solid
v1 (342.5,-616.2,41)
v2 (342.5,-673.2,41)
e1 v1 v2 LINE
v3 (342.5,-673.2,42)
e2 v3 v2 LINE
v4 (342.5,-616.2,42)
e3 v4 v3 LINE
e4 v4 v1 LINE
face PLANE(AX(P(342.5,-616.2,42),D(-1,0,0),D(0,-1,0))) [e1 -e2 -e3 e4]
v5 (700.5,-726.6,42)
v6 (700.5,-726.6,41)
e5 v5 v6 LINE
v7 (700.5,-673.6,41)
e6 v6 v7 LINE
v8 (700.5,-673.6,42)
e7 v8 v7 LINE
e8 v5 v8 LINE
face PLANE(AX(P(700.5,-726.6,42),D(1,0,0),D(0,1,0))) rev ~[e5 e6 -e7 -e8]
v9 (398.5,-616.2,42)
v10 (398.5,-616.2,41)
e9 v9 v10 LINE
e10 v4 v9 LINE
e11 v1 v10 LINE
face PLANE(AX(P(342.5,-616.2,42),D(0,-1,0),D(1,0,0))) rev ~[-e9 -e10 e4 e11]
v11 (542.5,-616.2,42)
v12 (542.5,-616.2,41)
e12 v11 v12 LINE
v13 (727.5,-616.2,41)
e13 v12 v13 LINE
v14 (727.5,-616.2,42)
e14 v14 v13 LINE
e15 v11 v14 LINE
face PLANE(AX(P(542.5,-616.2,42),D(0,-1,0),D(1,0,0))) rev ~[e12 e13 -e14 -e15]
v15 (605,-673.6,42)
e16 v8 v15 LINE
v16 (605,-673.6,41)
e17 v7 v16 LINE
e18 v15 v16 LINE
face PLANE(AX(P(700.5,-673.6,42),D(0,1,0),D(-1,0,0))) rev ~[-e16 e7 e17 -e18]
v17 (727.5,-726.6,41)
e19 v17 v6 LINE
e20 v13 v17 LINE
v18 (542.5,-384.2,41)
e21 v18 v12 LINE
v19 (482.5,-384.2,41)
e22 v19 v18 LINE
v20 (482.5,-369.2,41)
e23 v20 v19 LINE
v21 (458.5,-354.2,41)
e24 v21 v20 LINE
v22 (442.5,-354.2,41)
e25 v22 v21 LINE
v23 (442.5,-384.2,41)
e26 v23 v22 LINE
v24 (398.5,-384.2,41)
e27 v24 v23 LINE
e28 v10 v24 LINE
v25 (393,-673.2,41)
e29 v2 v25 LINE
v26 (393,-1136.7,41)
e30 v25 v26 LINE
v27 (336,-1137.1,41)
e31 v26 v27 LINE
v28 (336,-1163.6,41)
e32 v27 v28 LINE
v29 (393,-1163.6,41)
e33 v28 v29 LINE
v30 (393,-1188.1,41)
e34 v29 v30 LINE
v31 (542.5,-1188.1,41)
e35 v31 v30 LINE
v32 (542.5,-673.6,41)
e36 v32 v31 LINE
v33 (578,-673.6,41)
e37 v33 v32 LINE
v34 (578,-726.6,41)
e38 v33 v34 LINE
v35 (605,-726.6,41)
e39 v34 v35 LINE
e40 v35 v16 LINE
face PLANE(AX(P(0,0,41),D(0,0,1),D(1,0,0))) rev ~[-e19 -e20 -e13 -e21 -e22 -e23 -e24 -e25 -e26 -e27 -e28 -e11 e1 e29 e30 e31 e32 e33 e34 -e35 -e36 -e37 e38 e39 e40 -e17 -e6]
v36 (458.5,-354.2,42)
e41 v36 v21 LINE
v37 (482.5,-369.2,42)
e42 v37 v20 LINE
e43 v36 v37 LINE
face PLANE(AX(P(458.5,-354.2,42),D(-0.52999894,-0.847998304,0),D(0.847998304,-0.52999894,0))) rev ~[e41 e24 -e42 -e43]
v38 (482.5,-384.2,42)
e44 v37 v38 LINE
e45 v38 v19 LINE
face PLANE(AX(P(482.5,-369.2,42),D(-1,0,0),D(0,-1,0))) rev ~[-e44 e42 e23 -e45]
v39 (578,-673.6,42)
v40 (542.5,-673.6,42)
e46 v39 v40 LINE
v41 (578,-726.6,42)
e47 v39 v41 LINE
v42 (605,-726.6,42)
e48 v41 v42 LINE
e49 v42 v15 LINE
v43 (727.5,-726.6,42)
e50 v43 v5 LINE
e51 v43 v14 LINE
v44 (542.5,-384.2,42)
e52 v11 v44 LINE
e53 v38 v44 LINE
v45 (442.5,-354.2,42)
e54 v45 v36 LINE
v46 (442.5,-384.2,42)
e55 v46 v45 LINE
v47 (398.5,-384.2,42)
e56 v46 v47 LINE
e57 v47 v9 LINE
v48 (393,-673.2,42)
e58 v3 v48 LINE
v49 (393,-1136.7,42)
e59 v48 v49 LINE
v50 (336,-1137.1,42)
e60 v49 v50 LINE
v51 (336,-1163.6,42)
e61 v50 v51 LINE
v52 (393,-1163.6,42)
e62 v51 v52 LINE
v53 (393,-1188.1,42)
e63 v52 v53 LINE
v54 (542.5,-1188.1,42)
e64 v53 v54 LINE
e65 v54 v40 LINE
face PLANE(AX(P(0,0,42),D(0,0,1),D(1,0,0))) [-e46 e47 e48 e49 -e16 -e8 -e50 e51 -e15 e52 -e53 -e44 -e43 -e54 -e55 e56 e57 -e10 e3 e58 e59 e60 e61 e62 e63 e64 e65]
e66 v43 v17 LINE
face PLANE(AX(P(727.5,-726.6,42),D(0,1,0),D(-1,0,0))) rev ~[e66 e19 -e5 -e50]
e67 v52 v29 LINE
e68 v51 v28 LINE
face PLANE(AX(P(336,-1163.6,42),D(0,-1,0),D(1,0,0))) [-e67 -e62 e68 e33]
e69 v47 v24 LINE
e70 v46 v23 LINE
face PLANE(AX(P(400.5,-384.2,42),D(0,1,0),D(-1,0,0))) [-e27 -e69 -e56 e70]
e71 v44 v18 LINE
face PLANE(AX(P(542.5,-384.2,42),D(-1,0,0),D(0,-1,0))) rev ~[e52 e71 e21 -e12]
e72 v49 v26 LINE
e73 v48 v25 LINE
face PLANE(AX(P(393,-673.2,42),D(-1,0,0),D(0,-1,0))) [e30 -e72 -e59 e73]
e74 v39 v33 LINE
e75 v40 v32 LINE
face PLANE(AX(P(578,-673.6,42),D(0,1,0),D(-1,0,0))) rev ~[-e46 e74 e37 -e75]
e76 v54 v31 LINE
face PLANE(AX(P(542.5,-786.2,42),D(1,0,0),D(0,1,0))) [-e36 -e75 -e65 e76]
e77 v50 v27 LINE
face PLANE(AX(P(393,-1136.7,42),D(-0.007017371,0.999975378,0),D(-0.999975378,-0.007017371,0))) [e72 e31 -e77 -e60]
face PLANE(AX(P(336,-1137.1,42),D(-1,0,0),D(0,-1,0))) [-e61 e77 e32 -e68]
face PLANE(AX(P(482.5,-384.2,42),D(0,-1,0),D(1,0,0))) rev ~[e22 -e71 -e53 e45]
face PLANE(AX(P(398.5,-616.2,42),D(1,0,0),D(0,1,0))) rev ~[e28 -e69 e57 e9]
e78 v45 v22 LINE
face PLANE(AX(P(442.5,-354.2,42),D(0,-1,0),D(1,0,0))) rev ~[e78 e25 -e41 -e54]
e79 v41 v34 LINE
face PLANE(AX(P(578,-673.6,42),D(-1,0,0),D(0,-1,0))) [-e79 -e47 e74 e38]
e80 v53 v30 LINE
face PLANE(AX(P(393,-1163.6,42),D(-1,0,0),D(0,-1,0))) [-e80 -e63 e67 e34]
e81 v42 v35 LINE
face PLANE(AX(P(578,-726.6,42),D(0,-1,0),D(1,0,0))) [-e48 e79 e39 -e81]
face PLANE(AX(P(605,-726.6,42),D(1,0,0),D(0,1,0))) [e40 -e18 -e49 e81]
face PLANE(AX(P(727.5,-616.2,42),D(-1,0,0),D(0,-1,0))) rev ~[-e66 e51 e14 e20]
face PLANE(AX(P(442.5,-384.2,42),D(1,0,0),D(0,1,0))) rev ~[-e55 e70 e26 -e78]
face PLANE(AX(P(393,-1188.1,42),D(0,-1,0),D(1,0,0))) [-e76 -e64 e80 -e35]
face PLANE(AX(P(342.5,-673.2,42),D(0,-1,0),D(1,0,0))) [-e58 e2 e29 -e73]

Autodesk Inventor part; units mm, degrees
ref_plane "YZ Plane" through (0, 0, 0) normal (1, 0, 0) x (0, 1, 0)
ref_plane "XZ Plane" through (0, 0, 0) normal (0, 1, 0) x (-1, 0, 0)
ref_plane "工作平面1" through (0, 0, 42) normal (0, 0, 1) x (1, 0, 0)
sketch "草图1" plane through (0, 0, 42) normal (0, 0, 1) x (1, 0, 0)
  line L0 (0, 0) -> (60, 0)
  line L1 (60, 0) -> (60, -1169.8)
  line L2 (60, -1169.8) -> (0, -1169.8)
  line L3 (0, -1169.8) -> (0, 0)
  line L4 (0, -80.6) -> (60, -80.6)
  line L5 (0, -191.9) -> (60, -191.9)
  line L6 (0, -276.5) -> (60, -276.5)
  line L7 (0, -335.9) -> (60, -335.9)
  line L8 (0, -420.6) -> (60, -420.6)
  line L9 (0, -550.6) -> (60, -550.6)
  line L10 (0, -677.8) -> (60, -677.8)
  line L11 (0, -782.9) -> (60, -782.9)
  line L12 (0, -839.5) -> (60, -839.5)
  line L13 (0, -923.6) -> (60, -923.6)
  line L14 (0, -1007.7) -> (60, -1007.7)
  line L15 (0, -1091.2) -> (60, -1091.2)
  line L16 (60, 0) -> (118.4, 0)
  line L17 (118.4, 0) -> (118.4, -23.7)
  line L18 (118.4, -23.7) -> (83.4, -23.7)
  line L19 (83.4, -23.7) -> (83.4, -79.7)
  line L20 (83.4, -79.7) -> (118.4, -79.7)
  line L21 (118.4, -79.7) -> (118.4, -137.6)
  line L22 (118.4, -137.6) -> (83.4, -137.6)
  line L23 (83.4, -137.6) -> (83.4, -276.5)
  line L24 (83.4, -276.5) -> (142.9, -276.5)
  line L25 (142.9, -276.5) -> (142.9, -379.5)
  line L26 (83.4, -276.5) -> (83.4, -379.5)
  line L27 (83.4, -379.5) -> (142.9, -379.5)
  line L28 (142.9, -379.5) -> (142.9, -463)
  line L29 (142.9, -463) -> (83.4, -463)
  line L30 (83.4, -463) -> (83.4, -379.5)
  line L31 (142.9, -463) -> (142.9, -566.2)
  line L32 (142.9, -566.2) -> (83.4, -566.2)
  line L33 (83.4, -566.2) -> (83.4, -463)
  line L34 (142.9, -566.2) -> (146.7, -566.2)
  line L35 (146.7, -566.2) -> (146.7, -616.2)
  line L36 (146.7, -616.2) -> (192.5, -616.2)
  line L37 (192.5, -616.2) -> (192.5, -673.2)
  line L38 (192.5, -616.2) -> (342.5, -616.2)
  line L39 (342.5, -616.2) -> (342.5, -673.2)
  line L40 (342.5, -673.2) -> (143.4, -673.2)
  line L41 (143.4, -673.2) -> (83.4, -673.2)
  line L42 (83.4, -673.2) -> (83.4, -1092.3)
  line L43 (83.4, -1092.3) -> (143.4, -1092.3)
  line L44 (143.4, -1092.3) -> (143.4, -673.2)
  line L45 (83.4, -754.3) -> (143.4, -754.3)
  line L46 (143.4, -837.8) -> (83.4, -837.8)
  line L47 (83.4, -893.6) -> (143.4, -893.6)
  line L48 (143.4, -978.3) -> (83.4, -978.3)
  line L49 (60, -1169.8) -> (188.1, -1169.8)
  line L50 (188.1, -1169.8) -> (188.1, -1092.3)
  line L51 (188.1, -1092.3) -> (143.4, -1092.3)
  line L52 (83.4, -1092.3) -> (83.4, -1117.3)
  line L53 (83.4, -1117.3) -> (188.1, -1117.3)
  line L54 (98.6, -1092.3) -> (98.6, -1117.3)
  line L55 (114.5, -1092.3) -> (114.5, -1117.3)
  line L56 (143.4, -1092.3) -> (143.4, -1117.3)
  line L57 (166.2, -1092.3) -> (166.2, -1117.3)
  line L58 (188.1, -1163.6) -> (336, -1163.6)
  line L59 (188.1, -1137.1) -> (336, -1137.1)
  line L60 (336, -1137.1) -> (336, -1163.6)
  line L61 (342.5, -616.2) -> (398.5, -616.2)
  line L62 (342.5, -673.2) -> (393, -673.2)
  line L63 (393, -673.2) -> (393, -1136.7)
  line L64 (393, -1136.7) -> (393, -1141.7)
  line L65 (393, -1136.7) -> (336, -1137.1)
  line L66 (336, -1163.6) -> (393, -1163.6)
  line L67 (393, -1163.6) -> (393, -1158.6)
  line L68 (393, -1163.6) -> (393, -1188.1)
  line L69 (393, -1188.1) -> (417, -1188.1)
  line L70 (417, -1188.1) -> (542.5, -1188.1)
  line L71 (542.5, -1188.1) -> (542.5, -1127.7)
  line L72 (417, -1188.1) -> (417, -1127.7)
  line L73 (417, -1127.7) -> (542.5, -1127.7)
  line L74 (542.5, -1127.7) -> (542.5, -896.8)
  line L75 (542.5, -896.8) -> (542.5, -786.2)
  line L76 (542.5, -786.2) -> (542.5, -673.6)
  line L77 (542.5, -673.6) -> (393, -673.2)
  line L78 (417, -1127.7) -> (417, -896.8)
  line L79 (417, -896.8) -> (542.5, -896.8)
  line L80 (417, -896.8) -> (417.2959, -786.2)
  line L81 (417.2959, -786.2) -> (542.5, -786.2)
  line L82 (417.2959, -786.2) -> (417.5981, -673.2658)
  line L83 (398.5, -499.2) -> (398.5, -384.2)
  line L84 (398.5, -616.2) -> (398.5, -499.2)
  line L85 (398.5, -616.2) -> (458.5, -616.2)
  line L86 (458.5, -616.2) -> (458.5, -384.2)
  line L87 (458.5, -384.2) -> (398.5, -384.2)
  line L88 (398.5, -499.2) -> (458.5, -499.2)
  line L89 (398.5, -441.7) -> (458.5, -441.7)
  line L90 (458.5, -384.2) -> (458.5, -354.2)
  line L91 (458.5, -354.2) -> (482.5, -369.2)
  line L92 (482.5, -369.2) -> (482.5, -384.2)
  line L93 (482.5, -384.2) -> (542.5, -384.2)
  line L94 (542.5, -384.2) -> (542.5, -413.6)
  line L95 (542.5, -413.6) -> (542.5, -443.7)
  line L96 (542.5, -443.7) -> (542.5, -498.7)
  line L97 (542.5, -498.7) -> (542.5, -616.2)
  line L98 (542.5, -413.6) -> (501.5, -413.6)
  line L99 (542.5, -443.7) -> (482.5, -443.7)
  line L100 (542.5, -616.2) -> (482.5, -616.2)
  line L101 (542.5, -498.7) -> (482.5, -498.7)
  line L102 (482.5, -410.1) -> (501.5, -410.1)
  line L103 (501.5, -410.1) -> (501.5, -423.1)
  line L104 (501.5, -423.1) -> (482.5, -423.1)
  line L105 (482.5, -384.2) -> (482.5, -410.1)
  line L106 (482.5, -423.1) -> (482.5, -616.2)
  line L107 (542.5, -616.2) -> (727.5, -616.2)
  line L108 (727.5, -616.2) -> (727.5, -673.6)
  line L109 (727.5, -673.6) -> (542.5, -673.6)
  line L110 (578, -673.6) -> (578, -726.6)
  line L111 (578, -726.6) -> (605, -726.6)
  line L112 (605, -726.6) -> (605, -673.6)
  line L113 (727.5, -673.6) -> (727.5, -726.6)
  line L114 (727.5, -726.6) -> (700.5, -726.6)
  line L115 (700.5, -726.6) -> (700.5, -673.6)
  line L116 (442.5, -384.2) -> (442.5, -354.2)
  line L117 (442.5, -354.2) -> (458.5, -354.2)
  line L118 (398.5, -384.2) -> (384.5, -384.2)
  line L119 (384.5, -384.2) -> (384.5, -354.2)
  line L120 (384.5, -354.2) -> (400.5, -354.2)
  line L121 (400.5, -354.2) -> (400.5, -384.2)
  dimension "d1" = 60
  dimension "d2" = 80.6
  dimension "d3" = 111.3
  dimension "d4" = 84.6
  dimension "d5" = 59.4
  dimension "d6" = 84.7
  dimension "d7" = 130
  dimension "d8" = 127.2
  dimension "d9" = 105.1
  dimension "d10" = 56.6
  dimension "d11" = 84.1
  dimension "d12" = 84.1
  dimension "d13" = 83.5
  dimension "d14" = 78.6
  dimension "d15" = 58.4
  dimension "d16" = 23.7
  dimension "d17" = 35
  dimension "d18" = 56
  dimension "d19" = 57.9
  dimension "d20" = 35
  dimension "d21" = 138.9
  dimension "d22" = 59.5
  dimension "d23" = 103
  dimension "d24" = 83.5
  dimension "d25" = 103.2
  dimension "d26" = 59.5
  dimension "d27" = 3.8
  dimension "d28" = 50
  dimension "d29" = 45.8
  dimension "d30" = 57
  dimension "d31" = 150
  dimension "d32" = 57
  dimension "d33" = 199.1
  dimension "d34" = 60
  dimension "d36" = 81.1
  dimension "d37" = 83.5
  dimension "d38" = 55.8
  dimension "d39" = 84.7
  dimension "d40" = 114
  dimension "d41" = 128.1
  dimension "d42" = 25
  dimension "d43" = 15.2
  dimension "d44" = 15.9
  dimension "d45" = 28.9
  dimension "d46" = 22.8
  dimension "d47" = 21.9
  dimension "d48" = 147.9
  dimension "d49" = 6.2
  dimension "d50" = 26.5
  dimension "d51" = 56
  dimension "d52" = 50.5
  dimension "d53" = 463.5
  dimension "d54" = 5
  dimension "d55" = 5
  dimension "d56" = 24.5
  dimension "d57" = 24
  dimension "d58" = 125.5
  dimension "d59" = 60.4
  dimension "d60" = 230.9
  dimension "d61" = 110.6
  dimension "d62" = 112.6
  dimension "d64" = 117
  dimension "d65" = 115
  dimension "d66" = 60
extrude "拉伸1" add sketch "草图1" against normal blind 1 contours L60 L65 L63 L77 L82 L80 L78 L72 L69 L68 L66 | L61 L85 L86 L90 L91 L92 L105 L102 L103 L104 L106 L100 L107 L108 L109 L77 L62 L39 | L84 L88 L86 L85 | L83 L89 L86 L88 | L72 L73 L71 L70 | L77 L76 L81 L82 | L83 L87 L86 L89 | L78 L79 L74 L73 | L81 L75 L79 L80 | L118 L119 L120 L121 L87 | L109 L112 L111 L110 | L87 L116 L117 L90 | L109 L113 L114 L115 | L93 L94 L98 L103 L102 L105 | L100 L106 L101 L97 | L95 L99 L106 L104 L103 L98 | L101 L106 L99 L96
sketch "草图2" plane through (0, 0, 42) normal (0, 0, 1) x (1, 0, 0)
  line L0 (384.5, -354.2) -> (384.5, -384.2) construction
  line L1 (400.5, -354.2) -> (384.5, -354.2) construction
  line L2 (400.5, -384.2) -> (400.5, -354.2) construction
  line L3 (384.5, -354.2) -> (400.5, -354.2)
  line L4 (400.5, -354.2) -> (400.5, -384.2)
  line L5 (400.5, -384.2) -> (384.5, -384.2)
  line L6 (384.5, -384.2) -> (384.5, -354.2)
  point P0 (0, 0)
extrude "拉伸2" cut sketch "草图2" against normal blind 10
properties part number "LabVIEWM0.5"
